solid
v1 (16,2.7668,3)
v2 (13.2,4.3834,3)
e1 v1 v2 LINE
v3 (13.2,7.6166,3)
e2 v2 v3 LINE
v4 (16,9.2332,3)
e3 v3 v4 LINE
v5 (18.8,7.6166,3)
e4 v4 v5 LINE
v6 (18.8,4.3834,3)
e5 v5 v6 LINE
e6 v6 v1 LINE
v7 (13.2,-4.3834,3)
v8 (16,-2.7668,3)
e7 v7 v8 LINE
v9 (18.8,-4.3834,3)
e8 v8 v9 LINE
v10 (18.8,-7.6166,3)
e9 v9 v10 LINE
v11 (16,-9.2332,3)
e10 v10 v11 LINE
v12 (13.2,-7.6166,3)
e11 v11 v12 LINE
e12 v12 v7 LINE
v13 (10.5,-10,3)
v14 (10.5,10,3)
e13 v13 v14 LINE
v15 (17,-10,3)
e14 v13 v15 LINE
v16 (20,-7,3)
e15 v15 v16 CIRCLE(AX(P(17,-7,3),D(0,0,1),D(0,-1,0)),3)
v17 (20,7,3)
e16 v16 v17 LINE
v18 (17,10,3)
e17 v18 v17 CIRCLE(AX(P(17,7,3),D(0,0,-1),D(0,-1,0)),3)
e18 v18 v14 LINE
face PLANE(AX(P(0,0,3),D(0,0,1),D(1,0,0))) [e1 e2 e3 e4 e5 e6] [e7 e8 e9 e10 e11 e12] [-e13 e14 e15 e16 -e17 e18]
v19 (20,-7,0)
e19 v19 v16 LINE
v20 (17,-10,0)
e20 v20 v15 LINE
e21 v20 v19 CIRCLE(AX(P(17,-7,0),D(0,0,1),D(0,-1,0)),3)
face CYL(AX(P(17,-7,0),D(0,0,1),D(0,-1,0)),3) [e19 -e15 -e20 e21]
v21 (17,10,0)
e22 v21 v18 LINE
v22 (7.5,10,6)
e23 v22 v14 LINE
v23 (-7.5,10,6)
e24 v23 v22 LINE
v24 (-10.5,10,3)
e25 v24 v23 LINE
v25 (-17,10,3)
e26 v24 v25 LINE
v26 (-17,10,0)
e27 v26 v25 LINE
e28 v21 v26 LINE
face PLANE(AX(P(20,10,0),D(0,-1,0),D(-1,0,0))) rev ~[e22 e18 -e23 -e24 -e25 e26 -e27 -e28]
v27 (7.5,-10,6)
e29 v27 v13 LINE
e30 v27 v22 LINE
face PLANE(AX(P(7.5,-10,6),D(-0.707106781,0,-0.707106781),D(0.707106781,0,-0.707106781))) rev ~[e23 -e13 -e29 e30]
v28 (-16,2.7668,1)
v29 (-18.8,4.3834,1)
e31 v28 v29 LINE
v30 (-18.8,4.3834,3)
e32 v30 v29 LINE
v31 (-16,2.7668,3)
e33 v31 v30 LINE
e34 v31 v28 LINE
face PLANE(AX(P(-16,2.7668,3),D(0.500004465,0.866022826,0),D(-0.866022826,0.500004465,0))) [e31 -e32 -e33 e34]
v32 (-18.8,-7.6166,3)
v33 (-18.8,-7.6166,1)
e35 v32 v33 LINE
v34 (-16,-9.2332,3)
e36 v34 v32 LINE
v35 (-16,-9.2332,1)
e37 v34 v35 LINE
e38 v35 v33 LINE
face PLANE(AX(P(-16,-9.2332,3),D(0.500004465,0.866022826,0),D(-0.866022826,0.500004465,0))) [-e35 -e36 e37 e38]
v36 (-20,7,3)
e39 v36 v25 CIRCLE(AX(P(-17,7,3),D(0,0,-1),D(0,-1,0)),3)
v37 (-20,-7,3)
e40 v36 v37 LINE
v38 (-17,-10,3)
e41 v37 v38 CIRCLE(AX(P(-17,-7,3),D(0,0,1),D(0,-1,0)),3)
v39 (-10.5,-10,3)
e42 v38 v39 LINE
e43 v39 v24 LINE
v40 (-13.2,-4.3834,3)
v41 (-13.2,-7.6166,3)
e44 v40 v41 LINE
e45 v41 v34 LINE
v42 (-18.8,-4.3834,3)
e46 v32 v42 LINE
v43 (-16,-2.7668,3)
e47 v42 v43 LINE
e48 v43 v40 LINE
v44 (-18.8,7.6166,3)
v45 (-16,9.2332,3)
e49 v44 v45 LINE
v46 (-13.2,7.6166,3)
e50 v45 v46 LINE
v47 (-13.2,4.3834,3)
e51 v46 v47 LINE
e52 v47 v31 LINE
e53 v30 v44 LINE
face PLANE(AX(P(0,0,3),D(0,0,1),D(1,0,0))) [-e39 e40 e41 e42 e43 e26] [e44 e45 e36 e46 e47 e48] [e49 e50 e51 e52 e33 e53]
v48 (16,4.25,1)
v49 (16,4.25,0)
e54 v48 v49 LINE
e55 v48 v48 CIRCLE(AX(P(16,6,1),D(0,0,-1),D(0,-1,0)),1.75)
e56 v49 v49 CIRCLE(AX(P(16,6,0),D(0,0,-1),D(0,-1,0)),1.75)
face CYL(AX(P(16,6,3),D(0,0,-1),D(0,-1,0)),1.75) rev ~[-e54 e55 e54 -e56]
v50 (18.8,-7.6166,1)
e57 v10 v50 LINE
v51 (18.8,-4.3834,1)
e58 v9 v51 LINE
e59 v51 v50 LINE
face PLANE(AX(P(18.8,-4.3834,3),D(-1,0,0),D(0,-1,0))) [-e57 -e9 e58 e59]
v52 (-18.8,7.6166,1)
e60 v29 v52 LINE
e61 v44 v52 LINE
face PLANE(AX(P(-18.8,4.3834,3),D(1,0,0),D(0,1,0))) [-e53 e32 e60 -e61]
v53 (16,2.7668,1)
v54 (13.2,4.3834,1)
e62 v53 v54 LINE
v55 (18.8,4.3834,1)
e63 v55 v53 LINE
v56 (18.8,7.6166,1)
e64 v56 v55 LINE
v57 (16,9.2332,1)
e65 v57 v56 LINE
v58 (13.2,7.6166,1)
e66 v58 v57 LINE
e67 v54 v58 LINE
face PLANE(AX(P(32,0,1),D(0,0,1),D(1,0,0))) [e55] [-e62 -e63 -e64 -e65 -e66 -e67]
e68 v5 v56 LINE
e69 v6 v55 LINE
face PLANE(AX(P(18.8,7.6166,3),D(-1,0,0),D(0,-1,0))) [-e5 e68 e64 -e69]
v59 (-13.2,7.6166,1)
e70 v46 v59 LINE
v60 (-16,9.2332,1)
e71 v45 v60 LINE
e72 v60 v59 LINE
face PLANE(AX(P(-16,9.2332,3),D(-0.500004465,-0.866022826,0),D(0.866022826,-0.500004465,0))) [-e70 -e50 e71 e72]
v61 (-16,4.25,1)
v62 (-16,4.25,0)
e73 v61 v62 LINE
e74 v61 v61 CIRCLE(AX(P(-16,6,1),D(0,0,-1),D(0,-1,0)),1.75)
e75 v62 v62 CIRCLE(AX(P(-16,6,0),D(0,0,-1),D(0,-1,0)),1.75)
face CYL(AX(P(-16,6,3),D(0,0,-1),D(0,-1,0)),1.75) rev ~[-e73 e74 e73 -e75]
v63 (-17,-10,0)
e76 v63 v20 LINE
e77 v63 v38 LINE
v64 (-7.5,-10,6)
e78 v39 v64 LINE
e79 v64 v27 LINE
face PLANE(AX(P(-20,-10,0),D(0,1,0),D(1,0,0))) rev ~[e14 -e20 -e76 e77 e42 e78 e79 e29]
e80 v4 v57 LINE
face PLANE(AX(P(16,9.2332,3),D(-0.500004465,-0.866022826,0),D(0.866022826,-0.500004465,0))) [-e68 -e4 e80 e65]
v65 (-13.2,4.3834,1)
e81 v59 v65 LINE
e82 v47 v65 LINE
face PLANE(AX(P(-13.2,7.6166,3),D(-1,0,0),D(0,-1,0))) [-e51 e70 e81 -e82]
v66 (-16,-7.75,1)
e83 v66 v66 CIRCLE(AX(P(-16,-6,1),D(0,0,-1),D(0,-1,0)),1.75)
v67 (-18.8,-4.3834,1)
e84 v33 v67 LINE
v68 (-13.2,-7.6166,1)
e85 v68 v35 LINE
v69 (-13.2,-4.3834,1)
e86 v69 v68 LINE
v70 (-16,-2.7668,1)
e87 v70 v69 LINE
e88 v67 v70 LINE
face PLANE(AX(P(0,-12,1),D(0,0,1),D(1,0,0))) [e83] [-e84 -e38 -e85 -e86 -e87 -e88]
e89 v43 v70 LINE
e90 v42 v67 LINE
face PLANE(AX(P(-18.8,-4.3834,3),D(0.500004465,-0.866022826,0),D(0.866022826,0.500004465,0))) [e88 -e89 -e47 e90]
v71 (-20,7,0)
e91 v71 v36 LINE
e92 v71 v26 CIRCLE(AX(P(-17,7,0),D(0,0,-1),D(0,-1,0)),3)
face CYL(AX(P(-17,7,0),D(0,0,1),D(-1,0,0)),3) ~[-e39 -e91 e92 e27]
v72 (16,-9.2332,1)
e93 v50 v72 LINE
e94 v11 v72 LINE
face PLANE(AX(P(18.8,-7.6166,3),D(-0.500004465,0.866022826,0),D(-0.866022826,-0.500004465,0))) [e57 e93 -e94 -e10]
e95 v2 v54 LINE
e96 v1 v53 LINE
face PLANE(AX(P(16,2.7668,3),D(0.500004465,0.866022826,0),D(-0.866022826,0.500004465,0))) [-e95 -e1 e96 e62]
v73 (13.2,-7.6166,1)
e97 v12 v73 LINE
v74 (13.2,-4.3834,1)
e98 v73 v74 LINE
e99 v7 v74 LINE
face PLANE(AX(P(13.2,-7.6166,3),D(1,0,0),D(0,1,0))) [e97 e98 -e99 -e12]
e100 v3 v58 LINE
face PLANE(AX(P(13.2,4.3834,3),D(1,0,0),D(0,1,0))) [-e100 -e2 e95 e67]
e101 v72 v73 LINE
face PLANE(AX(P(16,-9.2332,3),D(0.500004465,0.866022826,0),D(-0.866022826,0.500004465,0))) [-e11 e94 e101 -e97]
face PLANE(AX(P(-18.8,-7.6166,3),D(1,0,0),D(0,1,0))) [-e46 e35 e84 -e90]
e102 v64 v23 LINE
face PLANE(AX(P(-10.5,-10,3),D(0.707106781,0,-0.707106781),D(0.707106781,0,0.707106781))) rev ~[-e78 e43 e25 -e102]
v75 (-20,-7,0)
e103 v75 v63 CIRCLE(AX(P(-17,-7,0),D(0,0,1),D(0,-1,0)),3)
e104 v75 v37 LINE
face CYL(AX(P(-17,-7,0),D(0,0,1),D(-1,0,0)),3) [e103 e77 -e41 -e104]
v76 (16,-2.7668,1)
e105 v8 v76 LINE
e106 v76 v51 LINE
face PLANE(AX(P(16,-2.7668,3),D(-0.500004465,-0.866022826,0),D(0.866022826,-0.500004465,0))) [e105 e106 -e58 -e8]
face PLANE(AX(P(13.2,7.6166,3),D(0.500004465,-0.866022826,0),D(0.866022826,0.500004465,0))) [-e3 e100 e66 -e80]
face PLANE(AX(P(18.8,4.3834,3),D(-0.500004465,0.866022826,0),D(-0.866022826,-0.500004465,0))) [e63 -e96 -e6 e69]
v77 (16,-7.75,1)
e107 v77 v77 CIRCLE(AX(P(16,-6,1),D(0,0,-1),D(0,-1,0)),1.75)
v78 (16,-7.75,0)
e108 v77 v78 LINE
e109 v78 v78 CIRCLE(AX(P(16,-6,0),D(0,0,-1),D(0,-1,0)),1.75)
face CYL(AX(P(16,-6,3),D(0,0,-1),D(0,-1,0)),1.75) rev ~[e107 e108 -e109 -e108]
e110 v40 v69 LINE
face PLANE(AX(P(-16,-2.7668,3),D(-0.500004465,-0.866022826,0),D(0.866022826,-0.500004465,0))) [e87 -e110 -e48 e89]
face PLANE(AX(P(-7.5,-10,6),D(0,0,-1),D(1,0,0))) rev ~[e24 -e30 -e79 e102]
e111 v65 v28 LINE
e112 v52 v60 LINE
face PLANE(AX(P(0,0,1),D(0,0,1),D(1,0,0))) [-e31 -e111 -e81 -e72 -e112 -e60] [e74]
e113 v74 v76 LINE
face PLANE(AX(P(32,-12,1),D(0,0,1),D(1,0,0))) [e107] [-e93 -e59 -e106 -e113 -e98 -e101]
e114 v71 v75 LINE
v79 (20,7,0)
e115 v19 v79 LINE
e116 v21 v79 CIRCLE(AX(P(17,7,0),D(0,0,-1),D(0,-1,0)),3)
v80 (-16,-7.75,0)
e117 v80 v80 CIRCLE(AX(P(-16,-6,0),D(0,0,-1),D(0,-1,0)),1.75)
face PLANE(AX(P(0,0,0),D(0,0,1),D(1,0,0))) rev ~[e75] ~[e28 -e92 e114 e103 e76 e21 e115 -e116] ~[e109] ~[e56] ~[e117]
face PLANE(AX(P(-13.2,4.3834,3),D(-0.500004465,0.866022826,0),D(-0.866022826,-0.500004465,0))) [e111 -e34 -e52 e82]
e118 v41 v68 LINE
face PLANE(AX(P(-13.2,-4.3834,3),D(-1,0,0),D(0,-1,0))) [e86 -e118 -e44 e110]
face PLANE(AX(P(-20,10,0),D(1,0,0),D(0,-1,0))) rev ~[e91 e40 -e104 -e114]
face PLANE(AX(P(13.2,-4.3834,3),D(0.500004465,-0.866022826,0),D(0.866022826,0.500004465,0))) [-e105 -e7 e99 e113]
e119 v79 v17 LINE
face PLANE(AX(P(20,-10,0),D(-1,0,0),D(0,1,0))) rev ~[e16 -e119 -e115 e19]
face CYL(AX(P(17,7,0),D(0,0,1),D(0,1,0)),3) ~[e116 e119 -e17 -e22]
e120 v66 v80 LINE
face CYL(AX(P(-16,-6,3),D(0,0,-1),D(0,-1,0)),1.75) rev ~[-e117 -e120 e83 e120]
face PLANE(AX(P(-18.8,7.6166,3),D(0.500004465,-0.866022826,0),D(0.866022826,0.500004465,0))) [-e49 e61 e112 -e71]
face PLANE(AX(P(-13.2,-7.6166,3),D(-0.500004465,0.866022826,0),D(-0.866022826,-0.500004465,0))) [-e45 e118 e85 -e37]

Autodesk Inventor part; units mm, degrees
ref_plane "YZ Plane" through (0, 0, 0) normal (1, 0, 0) x (0, 1, 0)
ref_plane "XZ Plane" through (0, 0, 0) normal (0, 1, 0) x (-1, 0, 0)
ref_plane "XY Plane" through (0, 0, 0) normal (0, 0, 1) x (1, 0, 0)
sketch "スケッチ1" plane through (0, 0, 0) normal (0, 0, 1) x (1, 0, 0)
  line L0 (-20, -10) -> (20, -10)
  line L1 (20, -10) -> (20, 10)
  line L2 (20, 10) -> (-20, 10)
  line L3 (-20, 10) -> (-20, -10)
  line L4 (-20, -10) -> (20, 10) construction
  line L5 (20, -10) -> (-20, 10) construction
  point P0 (0, 0)
  dimension "d0" = 40
  dimension "d1" = 20
extrude "押し出し1" add sketch "スケッチ1" along normal blind 3
sketch "スケッチ2" plane through (0, 0, 3) normal (0, 0, 1) x (1, 0, 0)
  line L0 (-16, -6) -> (16, -6) construction
  line L1 (16, -6) -> (16, 6) construction
  line L2 (16, 6) -> (-16, 6) construction
  line L3 (-16, 6) -> (-16, -6) construction
  line L4 (-16, -6) -> (16, 6) construction
  line L5 (16, -6) -> (-16, 6) construction
  point P0 (0, 0)
  dimension "d4" = 32
  dimension "d5" = 12
hole "穴1" at (-16, 6, 3) at (-16, -6, 3) at (16, -6, 3) at (16, 6, 3) direction (0, 0, -1) diameter 3.5 depth 8
sketch "スケッチ3" plane through (0, 0, 3) normal (0, 0, 1) x (1, 0, 0)
  circle A0 centre (-16, 6) radius 1.75 projected
  line L0 (-16, 2.7668) -> (-18.8, 4.3834)
  line L1 (-18.8, 4.3834) -> (-18.8, 7.6166)
  line L2 (-18.8, 7.6166) -> (-16, 9.2332)
  line L3 (-16, 9.2332) -> (-13.2, 7.6166)
  line L4 (-13.2, 7.6166) -> (-13.2, 4.3834)
  line L5 (-13.2, 4.3834) -> (-16, 2.7668)
  point P0 (0, 0)
  point P1 (-21.5, 4.5639)
  point P2 (-21.5, 7.4361)
  dimension "d13" = 5.6
extrude "押し出し2" cut sketch "スケッチ3" against normal blind 2 contours A0 | L0 L1 L2 L3 L4 L5
pattern_linear "矩形状パターン1" count 2 spacing 32 along (1, 0, 0) count 2 spacing 12 along (0, -1, 0) of "押し出し2"
sketch "スケッチ4" plane through (-20, -10, 0) normal (0, -1, 0) x (1, 0, 0)
  line L0 (0, 3) -> (40, 3) projected
  line L1 (40, 3) -> (0, 3) projected
  line L2 (9.5, 3) -> (12.5, 6)
  line L3 (12.5, 6) -> (27.5, 6)
  line L4 (27.5, 6) -> (30.5, 3)
  line L5 (0, 0) -> (40, 0) projected
  point P0 (20, 0)
  point P1 (20, 6)
  point P2 (20, 0)
  dimension "d22" = 45
  dimension "d23" = 45
  dimension "d24" = 15
  dimension "d25" = 3
extrude "押し出し3" add sketch "スケッチ4" against normal up to surface (20 mm away)
fillet "フィレット1" radius 3 4 edges at (-20, 10, 1.5) (-20, -10, 1.5) (20, -10, 1.5) (20, 10, 1.5)
equation "\"d23\" = d22"
properties part number "3D_frame-connect-base1_3D プリント"
